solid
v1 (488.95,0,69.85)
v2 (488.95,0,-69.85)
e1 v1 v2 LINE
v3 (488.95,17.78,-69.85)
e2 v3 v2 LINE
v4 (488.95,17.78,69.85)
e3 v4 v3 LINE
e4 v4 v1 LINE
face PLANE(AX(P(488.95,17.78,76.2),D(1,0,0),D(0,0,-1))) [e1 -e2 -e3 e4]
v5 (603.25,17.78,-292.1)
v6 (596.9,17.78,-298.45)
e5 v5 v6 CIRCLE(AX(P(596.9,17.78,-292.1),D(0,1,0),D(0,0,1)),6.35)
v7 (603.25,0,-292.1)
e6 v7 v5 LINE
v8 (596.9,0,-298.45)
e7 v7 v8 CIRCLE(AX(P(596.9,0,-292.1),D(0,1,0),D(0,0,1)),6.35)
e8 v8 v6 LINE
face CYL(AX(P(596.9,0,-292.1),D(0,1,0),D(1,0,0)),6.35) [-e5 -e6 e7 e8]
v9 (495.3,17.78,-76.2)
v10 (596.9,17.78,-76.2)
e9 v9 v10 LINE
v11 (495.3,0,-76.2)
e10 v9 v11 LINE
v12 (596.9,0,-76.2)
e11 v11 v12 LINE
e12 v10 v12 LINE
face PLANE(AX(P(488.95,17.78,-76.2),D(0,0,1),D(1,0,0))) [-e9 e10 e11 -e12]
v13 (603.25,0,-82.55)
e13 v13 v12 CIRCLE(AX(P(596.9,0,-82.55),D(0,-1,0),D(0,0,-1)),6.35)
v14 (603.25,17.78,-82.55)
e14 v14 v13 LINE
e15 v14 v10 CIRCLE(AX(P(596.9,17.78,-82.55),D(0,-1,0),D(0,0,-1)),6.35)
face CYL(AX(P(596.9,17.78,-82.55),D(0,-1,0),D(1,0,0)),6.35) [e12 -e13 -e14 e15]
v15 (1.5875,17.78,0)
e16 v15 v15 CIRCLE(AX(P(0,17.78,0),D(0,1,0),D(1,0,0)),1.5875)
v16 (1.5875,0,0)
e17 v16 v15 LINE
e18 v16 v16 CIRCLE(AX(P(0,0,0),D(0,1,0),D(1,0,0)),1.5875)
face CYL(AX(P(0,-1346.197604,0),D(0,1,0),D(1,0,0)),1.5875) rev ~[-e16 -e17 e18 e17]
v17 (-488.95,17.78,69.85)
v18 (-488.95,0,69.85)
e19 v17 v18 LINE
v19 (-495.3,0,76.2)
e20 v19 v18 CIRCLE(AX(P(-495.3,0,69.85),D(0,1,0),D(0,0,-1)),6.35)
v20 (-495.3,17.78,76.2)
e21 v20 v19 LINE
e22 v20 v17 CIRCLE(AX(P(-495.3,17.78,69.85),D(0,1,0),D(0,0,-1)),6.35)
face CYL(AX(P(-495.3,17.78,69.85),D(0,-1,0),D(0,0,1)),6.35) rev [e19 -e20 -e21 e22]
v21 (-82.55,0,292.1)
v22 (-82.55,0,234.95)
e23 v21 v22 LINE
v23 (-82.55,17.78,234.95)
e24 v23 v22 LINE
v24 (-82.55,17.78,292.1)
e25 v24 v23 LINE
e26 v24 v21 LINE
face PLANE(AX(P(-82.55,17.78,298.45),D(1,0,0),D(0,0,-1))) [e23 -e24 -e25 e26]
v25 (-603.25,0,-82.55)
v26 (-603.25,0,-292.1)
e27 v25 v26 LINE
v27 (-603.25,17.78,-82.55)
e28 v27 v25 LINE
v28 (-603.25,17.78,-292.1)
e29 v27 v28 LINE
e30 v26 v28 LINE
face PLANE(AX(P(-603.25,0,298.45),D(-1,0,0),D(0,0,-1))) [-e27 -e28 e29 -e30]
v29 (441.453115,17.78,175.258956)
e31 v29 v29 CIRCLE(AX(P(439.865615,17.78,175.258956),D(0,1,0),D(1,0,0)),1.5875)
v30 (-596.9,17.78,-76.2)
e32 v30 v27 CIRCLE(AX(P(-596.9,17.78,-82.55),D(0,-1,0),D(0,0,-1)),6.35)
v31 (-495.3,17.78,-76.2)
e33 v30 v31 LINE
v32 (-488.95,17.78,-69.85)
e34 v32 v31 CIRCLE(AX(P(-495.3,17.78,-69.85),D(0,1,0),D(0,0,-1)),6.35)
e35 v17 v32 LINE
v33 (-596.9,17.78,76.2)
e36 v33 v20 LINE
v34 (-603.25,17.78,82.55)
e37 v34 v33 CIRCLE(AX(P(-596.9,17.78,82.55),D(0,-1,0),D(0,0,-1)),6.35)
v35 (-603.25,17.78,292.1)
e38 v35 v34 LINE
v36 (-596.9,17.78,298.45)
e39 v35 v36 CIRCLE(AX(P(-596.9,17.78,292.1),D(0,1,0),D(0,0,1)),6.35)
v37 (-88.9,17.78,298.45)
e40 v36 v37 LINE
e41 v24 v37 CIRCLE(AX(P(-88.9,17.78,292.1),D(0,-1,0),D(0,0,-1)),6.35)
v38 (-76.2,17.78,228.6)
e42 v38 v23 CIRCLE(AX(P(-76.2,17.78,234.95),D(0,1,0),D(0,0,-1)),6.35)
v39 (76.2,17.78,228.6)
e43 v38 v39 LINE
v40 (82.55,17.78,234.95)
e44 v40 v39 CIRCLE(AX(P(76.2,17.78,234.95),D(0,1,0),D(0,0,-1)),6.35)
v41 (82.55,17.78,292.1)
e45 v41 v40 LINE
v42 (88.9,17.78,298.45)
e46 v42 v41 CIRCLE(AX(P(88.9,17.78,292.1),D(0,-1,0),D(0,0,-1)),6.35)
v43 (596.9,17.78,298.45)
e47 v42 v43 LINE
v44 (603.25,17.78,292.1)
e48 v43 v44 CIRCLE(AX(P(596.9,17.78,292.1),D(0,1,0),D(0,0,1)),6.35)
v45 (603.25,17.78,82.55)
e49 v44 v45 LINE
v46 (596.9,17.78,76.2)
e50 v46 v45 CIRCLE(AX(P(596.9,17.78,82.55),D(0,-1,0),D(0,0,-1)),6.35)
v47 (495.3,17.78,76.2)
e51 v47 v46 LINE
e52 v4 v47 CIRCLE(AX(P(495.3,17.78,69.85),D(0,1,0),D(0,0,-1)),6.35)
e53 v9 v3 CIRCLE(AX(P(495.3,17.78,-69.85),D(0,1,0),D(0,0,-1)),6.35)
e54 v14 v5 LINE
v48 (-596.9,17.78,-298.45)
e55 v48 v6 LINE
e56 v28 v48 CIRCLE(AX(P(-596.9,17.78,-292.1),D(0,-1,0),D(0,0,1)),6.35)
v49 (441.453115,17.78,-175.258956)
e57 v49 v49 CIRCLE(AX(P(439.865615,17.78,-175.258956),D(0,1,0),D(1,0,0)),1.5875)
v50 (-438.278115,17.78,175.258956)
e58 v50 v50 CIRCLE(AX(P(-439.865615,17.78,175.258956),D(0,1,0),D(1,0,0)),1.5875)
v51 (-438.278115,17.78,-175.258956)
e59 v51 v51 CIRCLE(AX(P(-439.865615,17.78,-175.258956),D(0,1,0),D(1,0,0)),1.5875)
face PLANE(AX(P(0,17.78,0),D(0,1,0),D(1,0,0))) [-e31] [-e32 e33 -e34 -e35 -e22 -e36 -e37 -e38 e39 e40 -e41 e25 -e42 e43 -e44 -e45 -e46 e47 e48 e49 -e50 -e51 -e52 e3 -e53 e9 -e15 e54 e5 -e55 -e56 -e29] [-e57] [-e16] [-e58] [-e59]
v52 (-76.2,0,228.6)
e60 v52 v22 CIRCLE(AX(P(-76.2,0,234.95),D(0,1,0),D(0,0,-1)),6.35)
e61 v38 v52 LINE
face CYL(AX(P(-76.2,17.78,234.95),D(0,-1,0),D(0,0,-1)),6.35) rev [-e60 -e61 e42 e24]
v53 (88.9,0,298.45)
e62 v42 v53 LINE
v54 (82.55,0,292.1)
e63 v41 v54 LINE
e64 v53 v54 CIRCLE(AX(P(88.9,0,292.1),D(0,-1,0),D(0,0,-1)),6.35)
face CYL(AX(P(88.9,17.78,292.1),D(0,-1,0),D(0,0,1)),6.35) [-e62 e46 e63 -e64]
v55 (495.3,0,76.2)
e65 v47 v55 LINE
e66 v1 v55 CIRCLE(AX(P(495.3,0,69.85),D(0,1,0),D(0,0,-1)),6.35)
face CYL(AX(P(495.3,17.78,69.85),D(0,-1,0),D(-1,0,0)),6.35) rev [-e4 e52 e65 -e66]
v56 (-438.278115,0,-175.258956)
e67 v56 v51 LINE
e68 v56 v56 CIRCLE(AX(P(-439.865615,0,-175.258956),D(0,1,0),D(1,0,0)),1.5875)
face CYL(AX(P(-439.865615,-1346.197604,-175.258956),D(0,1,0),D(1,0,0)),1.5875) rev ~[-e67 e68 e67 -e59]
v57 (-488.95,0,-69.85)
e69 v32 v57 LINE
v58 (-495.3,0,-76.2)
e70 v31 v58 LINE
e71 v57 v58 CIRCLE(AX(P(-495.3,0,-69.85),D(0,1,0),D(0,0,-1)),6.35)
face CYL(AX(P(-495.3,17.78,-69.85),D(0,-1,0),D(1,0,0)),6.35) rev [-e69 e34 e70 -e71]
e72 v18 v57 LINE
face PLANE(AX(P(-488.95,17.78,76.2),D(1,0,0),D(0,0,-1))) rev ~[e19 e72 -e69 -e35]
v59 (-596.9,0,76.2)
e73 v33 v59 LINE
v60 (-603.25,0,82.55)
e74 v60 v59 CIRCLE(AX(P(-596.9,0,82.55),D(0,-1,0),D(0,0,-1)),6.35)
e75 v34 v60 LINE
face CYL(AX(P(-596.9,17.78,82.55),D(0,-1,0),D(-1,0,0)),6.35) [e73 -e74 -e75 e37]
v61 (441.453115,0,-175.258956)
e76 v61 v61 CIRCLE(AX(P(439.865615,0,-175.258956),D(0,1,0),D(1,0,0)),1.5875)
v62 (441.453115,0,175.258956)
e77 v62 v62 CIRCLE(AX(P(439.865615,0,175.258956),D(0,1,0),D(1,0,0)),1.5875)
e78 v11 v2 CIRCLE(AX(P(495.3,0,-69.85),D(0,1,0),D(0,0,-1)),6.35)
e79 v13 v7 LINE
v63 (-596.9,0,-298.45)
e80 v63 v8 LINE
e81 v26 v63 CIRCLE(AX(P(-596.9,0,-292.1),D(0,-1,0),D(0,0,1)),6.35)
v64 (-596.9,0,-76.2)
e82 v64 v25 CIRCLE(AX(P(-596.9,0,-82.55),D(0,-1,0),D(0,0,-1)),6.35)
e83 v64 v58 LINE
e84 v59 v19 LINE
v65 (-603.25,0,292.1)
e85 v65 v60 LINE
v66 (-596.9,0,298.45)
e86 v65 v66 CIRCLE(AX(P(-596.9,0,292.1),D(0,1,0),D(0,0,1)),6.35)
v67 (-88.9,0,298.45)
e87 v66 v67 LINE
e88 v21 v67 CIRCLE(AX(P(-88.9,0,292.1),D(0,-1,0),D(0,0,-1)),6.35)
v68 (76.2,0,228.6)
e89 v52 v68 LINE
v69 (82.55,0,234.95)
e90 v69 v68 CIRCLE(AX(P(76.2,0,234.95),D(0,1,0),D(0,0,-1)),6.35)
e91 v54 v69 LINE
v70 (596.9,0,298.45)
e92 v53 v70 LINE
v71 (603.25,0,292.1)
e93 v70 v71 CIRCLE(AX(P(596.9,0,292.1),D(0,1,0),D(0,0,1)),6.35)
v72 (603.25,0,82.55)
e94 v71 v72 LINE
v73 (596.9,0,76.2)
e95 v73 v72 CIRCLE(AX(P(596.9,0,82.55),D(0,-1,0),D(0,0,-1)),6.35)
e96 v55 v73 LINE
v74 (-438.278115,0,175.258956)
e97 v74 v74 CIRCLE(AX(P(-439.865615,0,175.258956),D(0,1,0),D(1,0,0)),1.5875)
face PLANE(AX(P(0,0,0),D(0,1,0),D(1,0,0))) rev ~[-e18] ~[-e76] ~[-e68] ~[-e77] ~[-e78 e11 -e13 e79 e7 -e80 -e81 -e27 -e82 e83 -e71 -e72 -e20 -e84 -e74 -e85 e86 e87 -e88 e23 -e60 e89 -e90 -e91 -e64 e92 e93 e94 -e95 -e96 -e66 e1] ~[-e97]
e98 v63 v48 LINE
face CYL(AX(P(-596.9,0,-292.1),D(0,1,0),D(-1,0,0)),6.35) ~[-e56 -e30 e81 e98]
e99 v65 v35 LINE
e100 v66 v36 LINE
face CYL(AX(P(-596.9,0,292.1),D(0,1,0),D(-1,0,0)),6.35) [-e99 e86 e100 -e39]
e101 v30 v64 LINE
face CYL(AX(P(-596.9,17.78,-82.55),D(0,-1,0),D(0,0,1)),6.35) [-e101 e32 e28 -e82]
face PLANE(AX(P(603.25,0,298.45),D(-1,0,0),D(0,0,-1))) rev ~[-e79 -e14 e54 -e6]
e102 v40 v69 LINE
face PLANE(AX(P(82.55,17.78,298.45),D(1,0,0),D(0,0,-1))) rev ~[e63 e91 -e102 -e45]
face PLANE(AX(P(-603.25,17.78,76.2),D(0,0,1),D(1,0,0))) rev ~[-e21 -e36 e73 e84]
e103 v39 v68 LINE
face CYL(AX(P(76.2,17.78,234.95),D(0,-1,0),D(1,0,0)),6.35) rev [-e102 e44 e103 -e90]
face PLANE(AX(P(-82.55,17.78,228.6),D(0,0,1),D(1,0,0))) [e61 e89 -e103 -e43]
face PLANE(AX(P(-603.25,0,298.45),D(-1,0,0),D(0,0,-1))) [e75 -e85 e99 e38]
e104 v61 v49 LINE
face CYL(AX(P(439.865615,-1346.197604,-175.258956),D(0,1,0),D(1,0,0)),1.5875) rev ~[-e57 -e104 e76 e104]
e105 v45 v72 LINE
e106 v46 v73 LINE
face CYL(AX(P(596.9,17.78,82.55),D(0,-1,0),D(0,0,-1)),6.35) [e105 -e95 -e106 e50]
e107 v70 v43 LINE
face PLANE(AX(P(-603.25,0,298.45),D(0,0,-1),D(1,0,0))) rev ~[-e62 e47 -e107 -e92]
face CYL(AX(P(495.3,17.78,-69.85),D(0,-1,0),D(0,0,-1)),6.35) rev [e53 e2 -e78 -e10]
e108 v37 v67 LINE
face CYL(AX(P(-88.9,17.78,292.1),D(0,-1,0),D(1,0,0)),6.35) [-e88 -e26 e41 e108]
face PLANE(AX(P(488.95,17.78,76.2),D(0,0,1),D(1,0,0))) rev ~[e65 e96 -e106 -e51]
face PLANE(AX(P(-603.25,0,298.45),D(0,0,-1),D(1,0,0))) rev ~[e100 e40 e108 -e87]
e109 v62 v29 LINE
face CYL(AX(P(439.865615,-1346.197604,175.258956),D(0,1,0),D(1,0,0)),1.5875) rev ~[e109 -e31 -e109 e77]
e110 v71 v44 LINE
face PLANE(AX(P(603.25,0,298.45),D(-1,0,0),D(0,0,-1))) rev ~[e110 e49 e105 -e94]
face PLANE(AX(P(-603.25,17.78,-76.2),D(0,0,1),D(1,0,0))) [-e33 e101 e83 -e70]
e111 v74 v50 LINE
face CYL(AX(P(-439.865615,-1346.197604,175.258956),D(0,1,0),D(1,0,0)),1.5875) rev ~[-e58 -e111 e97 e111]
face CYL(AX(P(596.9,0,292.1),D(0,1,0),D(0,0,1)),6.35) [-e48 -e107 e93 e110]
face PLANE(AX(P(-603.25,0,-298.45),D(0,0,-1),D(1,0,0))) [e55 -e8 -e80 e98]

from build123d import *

# Parameters (mm, degrees)
SKETCH1_W                    = 1206.5
SKETCH1_H                    = 596.9
BOSS_EXTRUDE1_DEPTH          = 17.78
FILLET1_R                    = 6.35
SKETCH4_W                    = 165.1
SKETCH4_H                    = 69.85
SKETCH4_W_2                  = 114.3
SKETCH4_H_2                  = 152.4
CUT_EXTRUDE1_DEPTH           = 18.78
FILLET2_R                    = 6.35
F_1_8_0_125_DIAMETER_HOLE2_D = 3.175


with BuildPart() as part:
    # Sketch1 → Boss-Extrude1 (new body)
    with BuildSketch(Plane(origin=(0, 0, 0), x_dir=(1, 0, 0), z_dir=(0, 1, 0))):
        Rectangle(SKETCH1_W, SKETCH1_H)
    extrude(amount=BOSS_EXTRUDE1_DEPTH)

    # Fillet1
    fillet1_edges = [part.edges().sort_by_distance(p)[0] for p in [
        (603.25, 8.89, 298.45),
        (-603.25, 8.89, 298.45),
        (-603.25, 8.89, -298.45),
        (603.25, 8.89, -298.45),
    ]]
    fillet(fillet1_edges, radius=FILLET1_R)

    # Sketch4 → Cut-Extrude1 (cut, through all)
    with BuildSketch(Plane(origin=(0, 17.78, 0), x_dir=(1, 0, 0), z_dir=(0, 1, 0))):
        with Locations((0, -263.525)):
            Rectangle(SKETCH4_W, SKETCH4_H)
        with Locations((-546.1, 0)):
            Rectangle(SKETCH4_W_2, SKETCH4_H_2)
        with Locations((546.1, 0)):
            Rectangle(SKETCH4_W_2, SKETCH4_H_2)
    extrude(amount=-CUT_EXTRUDE1_DEPTH, mode=Mode.SUBTRACT)

    # Fillet2
    fillet2_edges = [part.edges().sort_by_distance(p)[0] for p in [
        (82.55, 8.89, 228.6),
        (82.55, 8.89, 298.45),
        (-82.55, 8.89, 298.45),
        (-82.55, 8.89, 228.6),
        (-603.25, 8.89, 76.2),
        (-603.25, 8.89, -76.2),
        (-488.95, 8.89, -76.2),
        (-488.95, 8.89, 76.2),
        (603.25, 8.89, -76.2),
        (603.25, 8.89, 76.2),
        (488.95, 8.89, 76.2),
        (488.95, 8.89, -76.2),
    ]]
    fillet(fillet2_edges, radius=FILLET2_R)

    # 1/8 (0.125) Diameter Hole2 (through all)
    with Locations(Plane(origin=(0, 0, 0), x_dir=(-1, 0, 0), z_dir=(0, -1, 0))):
        with Locations((-439.865615282, 175.258956089), (439.865615282, 175.258956089), (439.865615282, -175.258956089), (0, 0), (-439.865615282, -175.258956089)):
            Hole(F_1_8_0_125_DIAMETER_HOLE2_D / 2)


solid = part.part
